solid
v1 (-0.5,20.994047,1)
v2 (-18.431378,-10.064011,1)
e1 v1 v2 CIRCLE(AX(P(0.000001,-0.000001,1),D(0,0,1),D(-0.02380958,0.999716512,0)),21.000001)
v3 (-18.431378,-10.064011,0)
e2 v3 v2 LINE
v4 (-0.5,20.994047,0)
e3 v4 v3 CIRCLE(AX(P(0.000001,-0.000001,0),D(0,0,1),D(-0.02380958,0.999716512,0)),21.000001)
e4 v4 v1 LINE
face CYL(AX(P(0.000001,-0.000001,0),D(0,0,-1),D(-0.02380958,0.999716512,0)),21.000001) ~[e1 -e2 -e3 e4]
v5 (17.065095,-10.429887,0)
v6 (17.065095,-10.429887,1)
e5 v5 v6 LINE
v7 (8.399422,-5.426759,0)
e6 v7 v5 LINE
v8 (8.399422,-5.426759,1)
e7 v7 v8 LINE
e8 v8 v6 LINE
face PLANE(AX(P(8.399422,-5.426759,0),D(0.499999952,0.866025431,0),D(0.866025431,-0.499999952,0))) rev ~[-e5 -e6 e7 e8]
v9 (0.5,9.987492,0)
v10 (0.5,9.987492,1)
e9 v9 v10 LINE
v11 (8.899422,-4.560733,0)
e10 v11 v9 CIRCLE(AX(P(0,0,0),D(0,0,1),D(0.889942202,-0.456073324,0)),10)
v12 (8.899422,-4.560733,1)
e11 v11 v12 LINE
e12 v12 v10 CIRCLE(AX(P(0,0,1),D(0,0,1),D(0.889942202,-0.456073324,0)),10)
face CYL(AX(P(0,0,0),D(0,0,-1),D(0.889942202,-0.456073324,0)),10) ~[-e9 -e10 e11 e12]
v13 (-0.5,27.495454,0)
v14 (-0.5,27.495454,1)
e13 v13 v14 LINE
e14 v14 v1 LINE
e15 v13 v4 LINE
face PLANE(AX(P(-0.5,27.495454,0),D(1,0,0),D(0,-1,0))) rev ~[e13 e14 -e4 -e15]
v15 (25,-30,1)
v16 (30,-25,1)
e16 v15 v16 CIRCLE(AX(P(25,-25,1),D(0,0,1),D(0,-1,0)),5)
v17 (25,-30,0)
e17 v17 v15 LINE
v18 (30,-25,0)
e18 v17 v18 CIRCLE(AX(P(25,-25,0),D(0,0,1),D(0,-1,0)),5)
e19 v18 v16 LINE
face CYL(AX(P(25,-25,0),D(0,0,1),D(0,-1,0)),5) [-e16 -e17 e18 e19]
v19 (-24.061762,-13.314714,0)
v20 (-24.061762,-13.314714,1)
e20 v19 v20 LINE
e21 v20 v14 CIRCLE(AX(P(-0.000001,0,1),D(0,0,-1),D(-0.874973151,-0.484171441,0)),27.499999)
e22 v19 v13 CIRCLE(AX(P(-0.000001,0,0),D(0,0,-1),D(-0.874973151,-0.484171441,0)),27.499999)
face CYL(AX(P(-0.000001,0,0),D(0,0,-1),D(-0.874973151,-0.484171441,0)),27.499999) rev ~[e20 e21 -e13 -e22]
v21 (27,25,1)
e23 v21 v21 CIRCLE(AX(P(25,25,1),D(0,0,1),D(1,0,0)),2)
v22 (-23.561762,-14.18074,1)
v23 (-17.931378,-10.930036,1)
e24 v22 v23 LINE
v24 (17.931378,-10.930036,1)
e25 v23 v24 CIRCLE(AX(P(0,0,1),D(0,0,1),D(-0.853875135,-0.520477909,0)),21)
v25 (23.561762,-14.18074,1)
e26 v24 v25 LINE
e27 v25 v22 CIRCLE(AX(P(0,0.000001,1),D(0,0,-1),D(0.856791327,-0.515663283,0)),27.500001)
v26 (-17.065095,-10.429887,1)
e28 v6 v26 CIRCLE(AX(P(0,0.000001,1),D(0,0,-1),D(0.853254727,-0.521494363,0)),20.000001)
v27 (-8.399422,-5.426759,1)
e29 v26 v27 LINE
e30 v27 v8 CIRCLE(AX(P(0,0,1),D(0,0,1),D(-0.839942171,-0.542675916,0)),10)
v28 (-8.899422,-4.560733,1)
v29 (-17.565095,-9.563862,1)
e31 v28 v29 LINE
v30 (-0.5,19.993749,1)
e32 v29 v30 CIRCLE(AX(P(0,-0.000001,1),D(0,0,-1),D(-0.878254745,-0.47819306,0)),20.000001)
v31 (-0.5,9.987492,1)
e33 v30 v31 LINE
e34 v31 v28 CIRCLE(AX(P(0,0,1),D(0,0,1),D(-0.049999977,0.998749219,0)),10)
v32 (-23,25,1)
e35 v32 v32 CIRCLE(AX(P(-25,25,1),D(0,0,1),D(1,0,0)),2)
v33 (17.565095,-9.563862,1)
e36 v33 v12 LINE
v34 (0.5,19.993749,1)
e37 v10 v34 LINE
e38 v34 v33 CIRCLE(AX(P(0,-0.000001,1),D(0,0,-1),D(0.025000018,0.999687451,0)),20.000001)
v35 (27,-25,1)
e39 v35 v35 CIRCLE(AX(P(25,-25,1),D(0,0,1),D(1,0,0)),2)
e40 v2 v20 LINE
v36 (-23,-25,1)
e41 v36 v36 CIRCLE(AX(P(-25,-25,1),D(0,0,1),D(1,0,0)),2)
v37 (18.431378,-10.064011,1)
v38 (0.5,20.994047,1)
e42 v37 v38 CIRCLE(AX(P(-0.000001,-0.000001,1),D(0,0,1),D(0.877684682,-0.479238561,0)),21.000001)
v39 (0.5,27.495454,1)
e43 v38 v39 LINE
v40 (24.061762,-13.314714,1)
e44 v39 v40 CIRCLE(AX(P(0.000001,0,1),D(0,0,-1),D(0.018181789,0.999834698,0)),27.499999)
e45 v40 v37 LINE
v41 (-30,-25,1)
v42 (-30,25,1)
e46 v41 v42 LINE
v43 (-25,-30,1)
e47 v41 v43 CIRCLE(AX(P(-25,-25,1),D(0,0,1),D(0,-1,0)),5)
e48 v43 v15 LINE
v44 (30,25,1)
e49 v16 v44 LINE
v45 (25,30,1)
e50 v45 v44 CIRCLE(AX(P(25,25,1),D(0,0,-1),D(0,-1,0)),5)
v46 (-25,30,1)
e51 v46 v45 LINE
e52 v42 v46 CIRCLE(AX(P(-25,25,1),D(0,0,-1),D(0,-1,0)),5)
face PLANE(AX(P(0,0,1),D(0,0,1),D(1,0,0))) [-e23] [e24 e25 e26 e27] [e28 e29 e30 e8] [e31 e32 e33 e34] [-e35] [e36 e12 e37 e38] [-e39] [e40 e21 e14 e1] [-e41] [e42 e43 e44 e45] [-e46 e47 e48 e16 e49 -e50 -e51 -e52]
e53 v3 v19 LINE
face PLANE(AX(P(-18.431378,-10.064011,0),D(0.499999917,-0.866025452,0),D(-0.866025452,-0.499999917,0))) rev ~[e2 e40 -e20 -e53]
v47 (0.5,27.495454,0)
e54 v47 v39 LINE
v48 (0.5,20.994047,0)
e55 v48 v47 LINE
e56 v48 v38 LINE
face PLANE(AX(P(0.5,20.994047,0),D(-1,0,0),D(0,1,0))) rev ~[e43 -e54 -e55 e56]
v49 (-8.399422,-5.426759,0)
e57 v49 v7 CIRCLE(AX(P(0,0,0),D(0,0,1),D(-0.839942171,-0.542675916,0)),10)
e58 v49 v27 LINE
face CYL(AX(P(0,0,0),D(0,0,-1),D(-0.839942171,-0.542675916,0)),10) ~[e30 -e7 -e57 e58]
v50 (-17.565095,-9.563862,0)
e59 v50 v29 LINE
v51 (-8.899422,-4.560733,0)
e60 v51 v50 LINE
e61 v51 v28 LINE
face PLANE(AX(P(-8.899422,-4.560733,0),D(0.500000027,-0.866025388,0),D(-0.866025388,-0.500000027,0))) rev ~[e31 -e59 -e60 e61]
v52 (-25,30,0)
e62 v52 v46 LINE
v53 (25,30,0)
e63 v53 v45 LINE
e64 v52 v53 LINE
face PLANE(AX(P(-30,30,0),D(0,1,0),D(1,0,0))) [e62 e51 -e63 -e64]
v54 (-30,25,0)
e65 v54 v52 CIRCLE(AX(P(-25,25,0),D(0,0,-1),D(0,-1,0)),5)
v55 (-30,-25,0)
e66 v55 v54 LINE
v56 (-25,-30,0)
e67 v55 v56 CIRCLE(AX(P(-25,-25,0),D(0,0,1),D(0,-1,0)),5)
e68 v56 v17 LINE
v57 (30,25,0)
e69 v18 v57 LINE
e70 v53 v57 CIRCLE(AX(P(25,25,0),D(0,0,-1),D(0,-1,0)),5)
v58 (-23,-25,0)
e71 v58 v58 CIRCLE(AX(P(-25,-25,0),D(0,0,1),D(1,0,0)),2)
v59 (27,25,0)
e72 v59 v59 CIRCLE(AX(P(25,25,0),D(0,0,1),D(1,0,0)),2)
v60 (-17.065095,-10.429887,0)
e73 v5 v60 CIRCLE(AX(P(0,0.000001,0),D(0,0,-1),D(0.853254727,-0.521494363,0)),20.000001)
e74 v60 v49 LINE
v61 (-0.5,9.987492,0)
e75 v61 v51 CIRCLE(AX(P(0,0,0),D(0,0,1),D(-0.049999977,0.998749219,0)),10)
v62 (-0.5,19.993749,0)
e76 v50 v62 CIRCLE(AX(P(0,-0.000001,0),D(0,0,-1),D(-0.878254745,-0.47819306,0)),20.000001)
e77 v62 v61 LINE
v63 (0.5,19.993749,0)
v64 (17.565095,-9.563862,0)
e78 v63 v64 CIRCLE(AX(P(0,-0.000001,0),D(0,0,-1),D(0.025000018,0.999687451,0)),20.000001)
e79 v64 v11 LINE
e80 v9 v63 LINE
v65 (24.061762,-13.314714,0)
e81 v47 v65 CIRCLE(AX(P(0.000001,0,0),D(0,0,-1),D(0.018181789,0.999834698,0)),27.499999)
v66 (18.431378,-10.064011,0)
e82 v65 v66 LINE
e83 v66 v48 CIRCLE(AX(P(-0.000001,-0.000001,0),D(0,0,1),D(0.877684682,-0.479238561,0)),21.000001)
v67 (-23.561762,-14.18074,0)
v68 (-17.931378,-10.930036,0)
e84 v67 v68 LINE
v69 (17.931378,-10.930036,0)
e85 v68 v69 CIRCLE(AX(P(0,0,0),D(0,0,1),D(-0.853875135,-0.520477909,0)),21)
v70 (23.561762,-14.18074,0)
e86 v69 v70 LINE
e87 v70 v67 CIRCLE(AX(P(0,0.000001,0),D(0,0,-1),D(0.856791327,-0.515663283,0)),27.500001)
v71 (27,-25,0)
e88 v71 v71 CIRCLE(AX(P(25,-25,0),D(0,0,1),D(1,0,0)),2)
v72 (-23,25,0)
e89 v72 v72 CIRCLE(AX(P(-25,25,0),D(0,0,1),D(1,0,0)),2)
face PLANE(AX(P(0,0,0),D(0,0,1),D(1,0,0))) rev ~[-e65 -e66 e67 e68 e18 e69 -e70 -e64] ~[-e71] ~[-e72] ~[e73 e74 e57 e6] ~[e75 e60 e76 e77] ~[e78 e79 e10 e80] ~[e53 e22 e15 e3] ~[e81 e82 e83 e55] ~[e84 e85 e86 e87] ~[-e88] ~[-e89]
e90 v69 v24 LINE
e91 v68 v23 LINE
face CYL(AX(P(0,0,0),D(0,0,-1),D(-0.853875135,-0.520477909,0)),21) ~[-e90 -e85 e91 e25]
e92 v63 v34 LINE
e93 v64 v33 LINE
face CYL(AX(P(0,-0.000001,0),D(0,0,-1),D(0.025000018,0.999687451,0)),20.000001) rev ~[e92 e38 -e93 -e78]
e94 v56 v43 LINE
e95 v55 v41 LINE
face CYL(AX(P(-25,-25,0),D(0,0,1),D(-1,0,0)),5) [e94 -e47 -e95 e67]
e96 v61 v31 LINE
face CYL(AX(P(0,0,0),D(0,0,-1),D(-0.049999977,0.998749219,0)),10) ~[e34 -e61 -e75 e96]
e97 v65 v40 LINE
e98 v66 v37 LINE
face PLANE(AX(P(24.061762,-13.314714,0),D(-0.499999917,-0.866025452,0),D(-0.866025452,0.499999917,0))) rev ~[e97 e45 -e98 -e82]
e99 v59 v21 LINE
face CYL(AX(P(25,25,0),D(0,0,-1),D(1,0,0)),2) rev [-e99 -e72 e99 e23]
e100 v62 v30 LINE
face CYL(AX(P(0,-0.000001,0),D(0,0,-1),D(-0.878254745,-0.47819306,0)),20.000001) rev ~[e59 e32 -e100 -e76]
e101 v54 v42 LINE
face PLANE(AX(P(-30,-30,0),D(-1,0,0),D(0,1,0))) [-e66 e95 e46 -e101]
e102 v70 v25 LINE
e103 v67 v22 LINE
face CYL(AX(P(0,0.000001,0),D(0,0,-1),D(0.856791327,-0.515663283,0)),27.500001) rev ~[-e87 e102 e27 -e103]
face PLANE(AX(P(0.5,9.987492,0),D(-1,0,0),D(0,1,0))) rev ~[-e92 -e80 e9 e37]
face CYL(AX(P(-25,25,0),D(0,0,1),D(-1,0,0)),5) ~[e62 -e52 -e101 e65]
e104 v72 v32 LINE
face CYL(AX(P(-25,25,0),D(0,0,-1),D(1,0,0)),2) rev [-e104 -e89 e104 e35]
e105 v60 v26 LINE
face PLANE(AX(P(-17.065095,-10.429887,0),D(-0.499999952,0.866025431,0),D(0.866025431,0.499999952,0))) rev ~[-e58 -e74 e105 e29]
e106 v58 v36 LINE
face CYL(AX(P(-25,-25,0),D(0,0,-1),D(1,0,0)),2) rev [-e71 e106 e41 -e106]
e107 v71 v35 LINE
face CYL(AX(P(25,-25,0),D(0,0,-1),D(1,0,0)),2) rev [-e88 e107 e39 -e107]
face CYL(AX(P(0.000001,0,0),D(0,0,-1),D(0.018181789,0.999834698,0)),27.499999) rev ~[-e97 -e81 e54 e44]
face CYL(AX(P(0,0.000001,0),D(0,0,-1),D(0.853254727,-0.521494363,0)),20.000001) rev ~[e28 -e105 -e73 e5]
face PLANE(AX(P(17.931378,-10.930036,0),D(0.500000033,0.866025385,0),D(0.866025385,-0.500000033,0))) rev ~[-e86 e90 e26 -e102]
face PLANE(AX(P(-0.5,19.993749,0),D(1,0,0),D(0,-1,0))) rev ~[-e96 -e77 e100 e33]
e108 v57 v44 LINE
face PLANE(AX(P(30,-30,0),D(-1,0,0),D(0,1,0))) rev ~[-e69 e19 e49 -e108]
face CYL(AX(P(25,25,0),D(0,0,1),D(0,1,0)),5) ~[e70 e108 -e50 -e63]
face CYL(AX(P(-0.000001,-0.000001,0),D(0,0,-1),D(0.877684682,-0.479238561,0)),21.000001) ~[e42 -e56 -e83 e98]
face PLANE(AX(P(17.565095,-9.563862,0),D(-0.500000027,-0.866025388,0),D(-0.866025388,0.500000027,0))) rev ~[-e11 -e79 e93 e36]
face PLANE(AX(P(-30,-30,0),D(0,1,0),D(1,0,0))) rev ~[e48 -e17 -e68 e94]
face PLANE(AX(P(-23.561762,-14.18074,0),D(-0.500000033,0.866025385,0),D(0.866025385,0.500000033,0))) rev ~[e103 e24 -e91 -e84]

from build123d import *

# Parameters (mm, degrees)
F0_W     = 60
F0_H     = 60
F0_R     = 2
F1_DEPTH = 1
F2_R     = 5


with BuildPart() as f1:
    # F0 (on Top) → F1 (new body)
    with BuildSketch(Plane.XY):
        Rectangle(F0_W, F0_H)
        with Locations((-25, -25)):
            Circle(F0_R, mode=Mode.SUBTRACT)
        with BuildLine():
            Line((-23.561762, -14.18074), (-17.931378, -10.930036))
            ThreePointArc((-17.931378, -10.930036), (0, -21), (17.931378, -10.930036))
            Line((17.931378, -10.930036), (23.561762, -14.18074))
            ThreePointArc((23.561762, -14.18074), (0, -27.5), (-23.561762, -14.18074))
        make_face(mode=Mode.SUBTRACT)
        with Locations((25, -25)):
            Circle(F0_R, mode=Mode.SUBTRACT)
        with BuildLine():
            ThreePointArc((17.065095, -10.429887), (0, -20), (-17.065095, -10.429887))
            Line((-17.065095, -10.429887), (-8.399422, -5.426759))
            ThreePointArc((-8.399422, -5.426759), (0, -10), (8.399422, -5.426759))
            Line((8.399422, -5.426759), (17.065095, -10.429887))
        make_face(mode=Mode.SUBTRACT)
        with BuildLine():
            ThreePointArc((-24.061762, -13.314714), (-23.815699, 13.75), (-0.5, 27.495454))
            Line((-0.5, 27.495454), (-0.5, 20.994047))
            ThreePointArc((-0.5, 20.994047), (-18.186533, 10.5), (-18.431378, -10.064011))
            Line((-18.431378, -10.064011), (-24.061762, -13.314714))
        make_face(mode=Mode.SUBTRACT)
        with BuildLine():
            Line((-0.5, 19.993749), (-0.5, 9.987492))
            ThreePointArc((-0.5, 9.987492), (-8.660254, 5), (-8.899422, -4.560733))
            Line((-8.899422, -4.560733), (-17.565095, -9.563862))
            ThreePointArc((-17.565095, -9.563862), (-17.320508, 10), (-0.5, 19.993749))
        make_face(mode=Mode.SUBTRACT)
        with Locations((-25, 25)):
            Circle(F0_R, mode=Mode.SUBTRACT)
        with BuildLine():
            Line((17.565095, -9.563862), (8.899422, -4.560733))
            ThreePointArc((8.899422, -4.560733), (8.660254, 5), (0.5, 9.987492))
            Line((0.5, 9.987492), (0.5, 19.993749))
            ThreePointArc((0.5, 19.993749), (17.320508, 10), (17.565095, -9.563862))
        make_face(mode=Mode.SUBTRACT)
        with BuildLine():
            Line((24.061762, -13.314714), (18.431378, -10.064011))
            ThreePointArc((18.431378, -10.064011), (18.186533, 10.5), (0.5, 20.994047))
            Line((0.5, 20.994047), (0.5, 27.495454))
            ThreePointArc((0.5, 27.495454), (23.815699, 13.75), (24.061762, -13.314714))
        make_face(mode=Mode.SUBTRACT)
        with Locations((25, 25)):
            Circle(F0_R, mode=Mode.SUBTRACT)
    extrude(amount=F1_DEPTH)

    # F2
    f2_edges = [f1.edges().sort_by_distance(p)[0] for p in [
        (-30, -30, 0.5),
        (30, -30, 0.5),
        (-30, 30, 0.5),
        (30, 30, 0.5),
    ]]
    fillet(f2_edges, radius=F2_R)


solid = f1.part
